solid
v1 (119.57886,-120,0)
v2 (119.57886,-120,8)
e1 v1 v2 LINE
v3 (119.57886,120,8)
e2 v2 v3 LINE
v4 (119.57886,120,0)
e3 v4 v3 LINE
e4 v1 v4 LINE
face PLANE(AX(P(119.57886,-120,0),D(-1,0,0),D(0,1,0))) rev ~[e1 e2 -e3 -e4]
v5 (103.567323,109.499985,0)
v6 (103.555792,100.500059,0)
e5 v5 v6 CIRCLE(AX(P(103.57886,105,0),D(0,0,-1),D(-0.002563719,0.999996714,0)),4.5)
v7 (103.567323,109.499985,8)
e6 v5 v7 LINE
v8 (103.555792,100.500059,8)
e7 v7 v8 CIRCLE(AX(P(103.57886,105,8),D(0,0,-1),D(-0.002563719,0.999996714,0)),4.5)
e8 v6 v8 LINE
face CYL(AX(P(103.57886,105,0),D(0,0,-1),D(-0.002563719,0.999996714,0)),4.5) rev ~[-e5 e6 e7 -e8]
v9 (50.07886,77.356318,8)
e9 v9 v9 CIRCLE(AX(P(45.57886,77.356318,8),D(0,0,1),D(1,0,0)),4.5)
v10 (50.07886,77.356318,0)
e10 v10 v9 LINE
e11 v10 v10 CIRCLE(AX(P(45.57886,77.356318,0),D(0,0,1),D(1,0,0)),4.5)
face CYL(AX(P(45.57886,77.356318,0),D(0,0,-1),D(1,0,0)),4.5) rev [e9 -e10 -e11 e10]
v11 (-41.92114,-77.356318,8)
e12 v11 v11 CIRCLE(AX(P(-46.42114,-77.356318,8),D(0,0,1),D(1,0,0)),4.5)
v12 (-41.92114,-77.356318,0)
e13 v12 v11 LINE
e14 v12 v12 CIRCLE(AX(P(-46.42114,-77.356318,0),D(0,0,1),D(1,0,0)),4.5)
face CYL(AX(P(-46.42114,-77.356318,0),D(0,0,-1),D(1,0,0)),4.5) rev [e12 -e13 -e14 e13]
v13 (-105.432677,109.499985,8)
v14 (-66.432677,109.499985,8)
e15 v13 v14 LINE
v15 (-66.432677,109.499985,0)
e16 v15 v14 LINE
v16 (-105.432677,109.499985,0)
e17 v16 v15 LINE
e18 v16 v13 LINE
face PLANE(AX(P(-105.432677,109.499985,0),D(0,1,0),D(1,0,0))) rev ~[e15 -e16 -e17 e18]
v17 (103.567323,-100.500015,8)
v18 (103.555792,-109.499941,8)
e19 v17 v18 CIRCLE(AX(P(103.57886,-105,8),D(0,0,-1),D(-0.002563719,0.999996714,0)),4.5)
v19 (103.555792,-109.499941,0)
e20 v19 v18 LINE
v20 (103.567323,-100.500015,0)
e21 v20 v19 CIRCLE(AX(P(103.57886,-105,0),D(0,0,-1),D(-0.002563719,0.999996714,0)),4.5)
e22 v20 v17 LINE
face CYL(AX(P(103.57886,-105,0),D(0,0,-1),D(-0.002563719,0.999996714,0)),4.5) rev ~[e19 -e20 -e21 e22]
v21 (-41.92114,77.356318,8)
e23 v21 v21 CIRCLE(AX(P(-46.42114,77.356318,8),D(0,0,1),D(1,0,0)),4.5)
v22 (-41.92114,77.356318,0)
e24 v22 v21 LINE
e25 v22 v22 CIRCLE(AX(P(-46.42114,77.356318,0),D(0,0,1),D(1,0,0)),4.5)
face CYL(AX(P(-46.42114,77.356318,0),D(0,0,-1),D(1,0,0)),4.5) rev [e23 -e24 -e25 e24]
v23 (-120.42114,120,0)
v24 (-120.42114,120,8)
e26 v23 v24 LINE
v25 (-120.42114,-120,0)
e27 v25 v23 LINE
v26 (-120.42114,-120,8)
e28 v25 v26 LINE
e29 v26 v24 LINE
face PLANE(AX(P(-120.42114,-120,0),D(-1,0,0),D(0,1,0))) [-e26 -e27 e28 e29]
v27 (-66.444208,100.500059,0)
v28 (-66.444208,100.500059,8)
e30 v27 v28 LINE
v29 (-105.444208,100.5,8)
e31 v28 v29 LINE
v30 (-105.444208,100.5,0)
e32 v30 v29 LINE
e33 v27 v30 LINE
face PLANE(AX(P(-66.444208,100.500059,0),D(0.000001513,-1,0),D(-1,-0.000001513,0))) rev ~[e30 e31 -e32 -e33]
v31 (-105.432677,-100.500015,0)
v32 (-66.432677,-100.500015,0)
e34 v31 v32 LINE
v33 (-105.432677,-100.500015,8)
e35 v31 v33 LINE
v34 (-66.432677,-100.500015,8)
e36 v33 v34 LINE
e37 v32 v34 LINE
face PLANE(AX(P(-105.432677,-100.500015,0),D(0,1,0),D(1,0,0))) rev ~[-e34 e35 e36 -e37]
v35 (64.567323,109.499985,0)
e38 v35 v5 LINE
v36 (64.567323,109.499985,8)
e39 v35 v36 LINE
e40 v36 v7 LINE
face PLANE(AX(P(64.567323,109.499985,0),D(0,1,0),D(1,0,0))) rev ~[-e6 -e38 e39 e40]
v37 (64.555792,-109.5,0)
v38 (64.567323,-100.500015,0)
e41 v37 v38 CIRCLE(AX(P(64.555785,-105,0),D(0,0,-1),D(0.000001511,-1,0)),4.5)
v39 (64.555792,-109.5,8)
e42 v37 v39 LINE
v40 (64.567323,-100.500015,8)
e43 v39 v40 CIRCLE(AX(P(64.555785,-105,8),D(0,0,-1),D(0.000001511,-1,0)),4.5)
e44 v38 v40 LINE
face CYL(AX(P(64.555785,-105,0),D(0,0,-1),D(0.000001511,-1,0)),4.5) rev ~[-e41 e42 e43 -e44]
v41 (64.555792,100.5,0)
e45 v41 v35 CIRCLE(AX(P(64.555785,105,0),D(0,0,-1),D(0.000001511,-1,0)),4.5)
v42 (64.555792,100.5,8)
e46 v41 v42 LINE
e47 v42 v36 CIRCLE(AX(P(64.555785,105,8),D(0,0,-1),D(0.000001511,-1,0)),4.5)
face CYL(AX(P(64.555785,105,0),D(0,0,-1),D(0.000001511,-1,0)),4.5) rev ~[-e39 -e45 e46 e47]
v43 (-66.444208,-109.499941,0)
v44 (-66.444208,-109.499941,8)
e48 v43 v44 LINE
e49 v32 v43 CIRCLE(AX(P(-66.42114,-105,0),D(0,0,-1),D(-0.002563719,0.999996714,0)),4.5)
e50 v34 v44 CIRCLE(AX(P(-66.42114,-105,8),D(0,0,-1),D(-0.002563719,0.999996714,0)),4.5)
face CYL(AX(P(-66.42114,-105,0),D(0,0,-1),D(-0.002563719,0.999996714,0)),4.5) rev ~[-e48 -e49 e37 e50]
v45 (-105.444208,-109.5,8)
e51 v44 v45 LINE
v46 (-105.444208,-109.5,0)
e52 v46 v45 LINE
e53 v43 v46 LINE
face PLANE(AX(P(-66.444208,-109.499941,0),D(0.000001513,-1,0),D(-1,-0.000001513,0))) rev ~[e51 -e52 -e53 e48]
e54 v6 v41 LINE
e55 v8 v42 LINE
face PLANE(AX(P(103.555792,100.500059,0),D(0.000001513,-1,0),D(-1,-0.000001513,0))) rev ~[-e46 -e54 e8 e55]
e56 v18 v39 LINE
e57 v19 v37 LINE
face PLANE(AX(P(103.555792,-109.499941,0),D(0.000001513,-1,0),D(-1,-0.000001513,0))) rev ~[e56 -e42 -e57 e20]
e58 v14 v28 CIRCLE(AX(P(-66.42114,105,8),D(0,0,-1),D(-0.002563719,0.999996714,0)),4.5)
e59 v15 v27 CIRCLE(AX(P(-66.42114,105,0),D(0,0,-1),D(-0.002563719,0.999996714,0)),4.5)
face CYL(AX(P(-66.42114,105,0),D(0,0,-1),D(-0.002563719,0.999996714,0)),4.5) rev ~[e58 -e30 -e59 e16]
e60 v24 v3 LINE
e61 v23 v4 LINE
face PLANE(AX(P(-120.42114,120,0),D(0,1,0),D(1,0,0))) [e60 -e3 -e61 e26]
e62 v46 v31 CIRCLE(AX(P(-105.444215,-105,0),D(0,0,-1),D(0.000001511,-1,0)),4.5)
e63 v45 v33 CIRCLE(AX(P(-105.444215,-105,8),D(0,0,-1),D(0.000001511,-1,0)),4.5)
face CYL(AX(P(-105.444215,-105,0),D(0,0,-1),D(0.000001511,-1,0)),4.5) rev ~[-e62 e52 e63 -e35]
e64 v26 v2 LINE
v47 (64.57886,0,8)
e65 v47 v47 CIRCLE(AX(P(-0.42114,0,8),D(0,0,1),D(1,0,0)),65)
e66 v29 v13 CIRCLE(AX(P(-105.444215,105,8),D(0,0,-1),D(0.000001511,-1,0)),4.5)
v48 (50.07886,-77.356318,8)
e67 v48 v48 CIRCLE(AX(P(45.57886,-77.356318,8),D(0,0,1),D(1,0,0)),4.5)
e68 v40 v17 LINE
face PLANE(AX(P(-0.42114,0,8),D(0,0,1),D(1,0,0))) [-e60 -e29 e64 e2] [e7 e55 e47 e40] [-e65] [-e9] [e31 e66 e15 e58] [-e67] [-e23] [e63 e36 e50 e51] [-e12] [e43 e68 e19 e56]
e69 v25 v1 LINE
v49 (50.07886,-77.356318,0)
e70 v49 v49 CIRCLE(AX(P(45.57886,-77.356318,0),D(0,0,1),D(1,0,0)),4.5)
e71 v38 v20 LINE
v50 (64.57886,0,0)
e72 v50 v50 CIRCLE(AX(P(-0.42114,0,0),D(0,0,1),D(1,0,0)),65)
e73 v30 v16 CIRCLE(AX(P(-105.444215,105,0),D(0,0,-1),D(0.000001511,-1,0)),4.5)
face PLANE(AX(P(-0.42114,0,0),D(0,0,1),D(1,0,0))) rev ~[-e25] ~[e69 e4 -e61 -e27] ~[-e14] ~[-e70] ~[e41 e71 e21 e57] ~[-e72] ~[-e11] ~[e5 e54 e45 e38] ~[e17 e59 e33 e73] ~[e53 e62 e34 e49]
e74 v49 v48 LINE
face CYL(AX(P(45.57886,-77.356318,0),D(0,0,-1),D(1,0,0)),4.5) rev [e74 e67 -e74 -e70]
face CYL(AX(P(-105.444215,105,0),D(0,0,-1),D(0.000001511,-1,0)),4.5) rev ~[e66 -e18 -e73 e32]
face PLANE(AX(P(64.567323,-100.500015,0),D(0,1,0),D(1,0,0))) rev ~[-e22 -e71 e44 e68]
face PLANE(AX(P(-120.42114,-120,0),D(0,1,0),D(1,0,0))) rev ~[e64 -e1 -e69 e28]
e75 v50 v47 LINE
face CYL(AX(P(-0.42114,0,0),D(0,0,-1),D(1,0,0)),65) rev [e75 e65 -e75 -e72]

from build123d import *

# Parameters (mm, degrees)
F0_W     = 240
F0_H     = 240
F0_R     = 4.5
F0_R_2   = 65
F1_DEPTH = 8


with BuildPart() as f1:
    # F0 (on Top) → F1 (new body)
    with BuildSketch(Plane.XY):
        with Locations((-0.42114, 0)):
            Rectangle(F0_W, F0_H)
        with BuildLine():
            ThreePointArc((-105.444208, -109.5), (-109.944211, -104.994235), (-105.432677, -100.500015))
            Line((-105.432677, -100.500015), (-66.432677, -100.500015))
            ThreePointArc((-66.432677, -100.500015), (-61.921144, -105.005765), (-66.444208, -109.499941))
            Line((-66.444208, -109.499941), (-105.444208, -109.5))
        make_face(mode=Mode.SUBTRACT)
        with Locations((-46.42114, -77.356318)):
            Circle(F0_R, mode=Mode.SUBTRACT)
        with Locations((45.57886, -77.356318)):
            Circle(F0_R, mode=Mode.SUBTRACT)
        with BuildLine():
            ThreePointArc((64.555792, -109.5), (60.055789, -104.994235), (64.567323, -100.500015))
            Line((64.567323, -100.500015), (103.567323, -100.500015))
            ThreePointArc((103.567323, -100.500015), (108.078856, -105.005765), (103.555792, -109.499941))
            Line((103.555792, -109.499941), (64.555792, -109.5))
        make_face(mode=Mode.SUBTRACT)
        with BuildLine():
            ThreePointArc((-105.444208, 100.5), (-109.944211, 105.005765), (-105.432677, 109.499985))
            Line((-105.432677, 109.499985), (-66.432677, 109.499985))
            ThreePointArc((-66.432677, 109.499985), (-61.921144, 104.994235), (-66.444208, 100.500059))
            Line((-66.444208, 100.500059), (-105.444208, 100.5))
        make_face(mode=Mode.SUBTRACT)
        with Locations((-46.42114, 77.356318)):
            Circle(F0_R, mode=Mode.SUBTRACT)
        with Locations((-0.42114, 0)):
            Circle(F0_R_2, mode=Mode.SUBTRACT)
        with Locations((45.57886, 77.356318)):
            Circle(F0_R, mode=Mode.SUBTRACT)
        with BuildLine():
            ThreePointArc((64.555792, 100.5), (60.055789, 105.005765), (64.567323, 109.499985))
            Line((64.567323, 109.499985), (103.567323, 109.499985))
            ThreePointArc((103.567323, 109.499985), (108.078856, 104.994235), (103.555792, 100.500059))
            Line((103.555792, 100.500059), (64.555792, 100.5))
        make_face(mode=Mode.SUBTRACT)
    extrude(amount=F1_DEPTH)


solid = f1.part
